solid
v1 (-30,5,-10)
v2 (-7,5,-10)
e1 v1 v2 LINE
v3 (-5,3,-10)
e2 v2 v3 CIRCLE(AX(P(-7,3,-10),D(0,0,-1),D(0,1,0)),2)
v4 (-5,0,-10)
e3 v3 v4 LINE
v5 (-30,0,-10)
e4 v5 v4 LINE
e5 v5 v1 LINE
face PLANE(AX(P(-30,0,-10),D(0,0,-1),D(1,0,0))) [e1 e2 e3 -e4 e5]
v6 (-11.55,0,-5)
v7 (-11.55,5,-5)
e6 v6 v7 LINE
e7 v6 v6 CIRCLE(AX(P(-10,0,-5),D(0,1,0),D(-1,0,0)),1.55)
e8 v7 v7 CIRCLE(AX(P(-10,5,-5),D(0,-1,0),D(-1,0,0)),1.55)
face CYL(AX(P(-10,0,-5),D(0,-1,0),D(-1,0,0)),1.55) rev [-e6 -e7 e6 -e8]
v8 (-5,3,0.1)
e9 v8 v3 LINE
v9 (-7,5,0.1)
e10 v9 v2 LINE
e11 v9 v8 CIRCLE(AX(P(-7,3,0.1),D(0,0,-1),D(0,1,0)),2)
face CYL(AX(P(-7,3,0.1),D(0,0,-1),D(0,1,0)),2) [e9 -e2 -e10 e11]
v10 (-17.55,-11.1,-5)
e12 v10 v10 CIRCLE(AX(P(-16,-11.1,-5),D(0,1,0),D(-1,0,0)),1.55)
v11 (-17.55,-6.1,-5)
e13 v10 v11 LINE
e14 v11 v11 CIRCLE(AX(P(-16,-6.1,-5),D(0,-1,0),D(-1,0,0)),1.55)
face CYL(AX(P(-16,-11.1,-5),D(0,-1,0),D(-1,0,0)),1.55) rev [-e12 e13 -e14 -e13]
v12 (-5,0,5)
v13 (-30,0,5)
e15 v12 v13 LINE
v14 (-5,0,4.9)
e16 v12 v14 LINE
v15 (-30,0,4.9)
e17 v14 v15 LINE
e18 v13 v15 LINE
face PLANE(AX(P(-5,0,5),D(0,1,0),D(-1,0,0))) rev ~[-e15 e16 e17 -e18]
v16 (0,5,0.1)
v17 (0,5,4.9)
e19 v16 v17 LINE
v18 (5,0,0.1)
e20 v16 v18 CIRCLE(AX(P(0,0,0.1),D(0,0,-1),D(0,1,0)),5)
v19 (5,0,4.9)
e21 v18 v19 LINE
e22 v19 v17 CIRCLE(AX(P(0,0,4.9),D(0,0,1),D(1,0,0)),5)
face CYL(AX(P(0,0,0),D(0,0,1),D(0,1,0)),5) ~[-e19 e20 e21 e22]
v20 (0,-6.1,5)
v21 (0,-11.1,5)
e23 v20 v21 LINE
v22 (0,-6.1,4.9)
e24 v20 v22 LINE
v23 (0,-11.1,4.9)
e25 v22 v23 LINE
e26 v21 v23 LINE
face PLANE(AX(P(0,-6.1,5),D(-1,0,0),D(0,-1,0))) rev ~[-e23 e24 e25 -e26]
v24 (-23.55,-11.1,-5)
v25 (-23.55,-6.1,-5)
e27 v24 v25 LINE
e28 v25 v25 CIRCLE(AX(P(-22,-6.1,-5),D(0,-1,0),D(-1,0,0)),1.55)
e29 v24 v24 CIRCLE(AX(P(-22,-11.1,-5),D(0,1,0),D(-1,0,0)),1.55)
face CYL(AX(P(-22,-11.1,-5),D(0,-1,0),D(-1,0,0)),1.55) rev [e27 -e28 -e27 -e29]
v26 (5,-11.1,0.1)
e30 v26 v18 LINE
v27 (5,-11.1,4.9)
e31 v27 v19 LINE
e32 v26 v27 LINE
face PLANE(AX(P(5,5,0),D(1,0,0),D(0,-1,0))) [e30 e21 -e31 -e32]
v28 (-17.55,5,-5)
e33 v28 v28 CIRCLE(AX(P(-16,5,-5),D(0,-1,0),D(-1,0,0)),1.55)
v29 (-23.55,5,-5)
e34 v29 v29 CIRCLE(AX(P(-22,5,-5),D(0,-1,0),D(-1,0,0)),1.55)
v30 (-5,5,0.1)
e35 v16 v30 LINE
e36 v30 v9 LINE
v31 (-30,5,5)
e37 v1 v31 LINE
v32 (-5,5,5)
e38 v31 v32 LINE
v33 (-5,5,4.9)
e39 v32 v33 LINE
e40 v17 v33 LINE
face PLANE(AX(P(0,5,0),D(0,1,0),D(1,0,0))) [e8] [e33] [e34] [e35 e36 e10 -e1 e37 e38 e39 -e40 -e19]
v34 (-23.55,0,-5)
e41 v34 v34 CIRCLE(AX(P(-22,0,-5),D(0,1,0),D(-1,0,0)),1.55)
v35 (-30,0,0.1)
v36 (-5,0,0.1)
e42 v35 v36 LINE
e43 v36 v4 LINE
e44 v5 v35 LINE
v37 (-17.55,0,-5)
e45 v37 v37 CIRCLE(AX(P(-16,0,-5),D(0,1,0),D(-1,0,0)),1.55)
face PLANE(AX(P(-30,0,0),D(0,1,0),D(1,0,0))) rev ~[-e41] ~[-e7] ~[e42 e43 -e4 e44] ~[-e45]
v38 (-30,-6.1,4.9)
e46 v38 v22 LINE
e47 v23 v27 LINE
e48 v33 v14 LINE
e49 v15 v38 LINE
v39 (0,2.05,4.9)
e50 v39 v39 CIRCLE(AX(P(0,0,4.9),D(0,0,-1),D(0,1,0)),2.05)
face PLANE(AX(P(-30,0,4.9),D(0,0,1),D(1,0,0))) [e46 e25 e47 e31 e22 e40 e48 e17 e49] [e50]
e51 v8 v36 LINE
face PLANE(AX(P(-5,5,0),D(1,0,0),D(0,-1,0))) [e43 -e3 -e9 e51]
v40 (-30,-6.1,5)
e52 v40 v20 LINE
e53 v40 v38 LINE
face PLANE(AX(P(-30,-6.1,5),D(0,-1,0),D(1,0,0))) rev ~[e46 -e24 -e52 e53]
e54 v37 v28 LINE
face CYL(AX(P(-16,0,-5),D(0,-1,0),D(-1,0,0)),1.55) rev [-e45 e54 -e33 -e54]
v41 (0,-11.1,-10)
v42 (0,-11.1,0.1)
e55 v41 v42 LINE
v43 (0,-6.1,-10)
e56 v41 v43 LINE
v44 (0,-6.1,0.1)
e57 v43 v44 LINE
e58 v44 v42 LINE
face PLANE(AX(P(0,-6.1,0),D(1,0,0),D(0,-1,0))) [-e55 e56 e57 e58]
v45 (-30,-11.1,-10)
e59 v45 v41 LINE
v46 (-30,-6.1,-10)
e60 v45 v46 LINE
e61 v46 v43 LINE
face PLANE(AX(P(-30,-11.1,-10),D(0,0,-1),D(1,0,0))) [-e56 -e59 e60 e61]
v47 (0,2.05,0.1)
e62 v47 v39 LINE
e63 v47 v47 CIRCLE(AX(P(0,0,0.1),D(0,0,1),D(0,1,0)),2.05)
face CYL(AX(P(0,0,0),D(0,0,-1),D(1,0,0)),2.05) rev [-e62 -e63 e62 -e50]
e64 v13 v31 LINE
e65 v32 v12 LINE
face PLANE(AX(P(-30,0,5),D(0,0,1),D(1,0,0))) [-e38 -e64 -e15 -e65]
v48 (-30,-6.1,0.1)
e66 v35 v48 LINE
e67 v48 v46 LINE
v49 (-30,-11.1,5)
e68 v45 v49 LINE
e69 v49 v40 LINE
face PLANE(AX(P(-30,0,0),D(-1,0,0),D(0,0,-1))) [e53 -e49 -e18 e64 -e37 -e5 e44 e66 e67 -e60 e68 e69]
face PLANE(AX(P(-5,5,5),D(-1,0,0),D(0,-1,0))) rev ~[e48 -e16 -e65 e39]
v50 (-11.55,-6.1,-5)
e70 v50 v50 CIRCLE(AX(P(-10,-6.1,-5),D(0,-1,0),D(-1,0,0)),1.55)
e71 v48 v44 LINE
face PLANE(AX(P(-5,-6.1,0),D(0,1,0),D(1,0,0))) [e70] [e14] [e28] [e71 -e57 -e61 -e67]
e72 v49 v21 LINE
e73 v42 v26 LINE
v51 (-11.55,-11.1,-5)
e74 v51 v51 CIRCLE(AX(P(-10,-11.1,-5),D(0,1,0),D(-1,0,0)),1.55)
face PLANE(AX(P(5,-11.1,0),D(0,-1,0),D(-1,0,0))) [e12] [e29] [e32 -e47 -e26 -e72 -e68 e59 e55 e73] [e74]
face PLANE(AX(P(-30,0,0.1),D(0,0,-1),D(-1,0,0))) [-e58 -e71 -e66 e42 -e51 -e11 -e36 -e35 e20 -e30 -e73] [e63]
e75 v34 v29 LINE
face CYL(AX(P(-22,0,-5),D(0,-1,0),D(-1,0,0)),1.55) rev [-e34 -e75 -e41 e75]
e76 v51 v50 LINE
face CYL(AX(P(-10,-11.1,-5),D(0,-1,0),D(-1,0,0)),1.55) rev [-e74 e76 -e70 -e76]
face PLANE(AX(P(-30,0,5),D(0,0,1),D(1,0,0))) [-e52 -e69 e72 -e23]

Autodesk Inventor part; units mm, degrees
ref_plane "YZ Plane" through (0, 0, 0) normal (1, 0, 0) x (0, 1, 0)
ref_plane "XZ Plane" through (0, 0, 0) normal (0, 1, 0) x (-1, 0, 0)
ref_plane "XY Plane" through (0, 0, 0) normal (0, 0, 1) x (1, 0, 0)
sketch "Sketch2" plane through (0, 0, 0) normal (0, 1, 0) x (-1, 0, 0)
  line L0 (0, 0) -> (30, 0)
  line L1 (30, 0) -> (30, -10)
  line L2 (30, -10) -> (0, -10)
  line L3 (0, -10) -> (0, 0)
  circle A0 centre (10, -5) radius 1.55
  dimension "d0" = 3.1
  dimension "d1" = 10
  dimension "d2" = 5
  dimension "d3" = 30
  dimension "d4" = 10
extrude "Extrusion1" add sketch "Sketch2" along normal blind 5 contours L0 L1 L2 L3 | A0
extrude "Extrusion2" cut sketch "Sketch2" along normal blind 10 contours A0
pattern_linear "Rectangular Pattern1" count 3 spacing 6 along (-1, 0, 0) of "Extrusion2"
pattern_linear "Rectangular Pattern2" count 2 spacing 11.1 along (0, -1, 0) of "Extrusion1", "Extrusion2", "Rectangular Pattern1"
sketch "Sketch3" plane through (-30, 0, 0) normal (0, 0, 1) x (1, 0, 0)
  line L0 (0, 0) -> (0, 5) projected
  line L1 (0, 5) -> (30, 5) projected
  line L2 (30, 5) -> (30, 0) projected
  line L3 (30, 0) -> (0, 0) projected
  line L4 (0, -11.1) -> (0, -6.1) projected
  line L5 (0, -6.1) -> (30, -6.1) projected
  line L6 (30, -6.1) -> (30, -11.1) projected
  line L7 (30, -11.1) -> (0, -11.1) projected
  line L8 (0, 5) -> (30, 5) projected
  line L9 (0, 5) -> (30, 5)
  line L10 (30, 5) -> (30, -11.1)
  line L11 (30, -11.1) -> (0, -11.1)
  line L12 (0, -11.1) -> (0, 5)
  line L13 (0, 0) -> (30, 0) projected
  circle A0 centre (30, 0) radius 2.05
  line L14 (25, 5) -> (35, 5)
  line L15 (35, 5) -> (35, -11.1)
  line L16 (35, -11.1) -> (25, -11.1)
  line L17 (25, -11.1) -> (25, 5)
  line L18 (0, -11.1) -> (30, -11.1) projected
  point P0 (30, 2.05)
  point P1 (30, -2.05)
  dimension "d28" = 4.1
  dimension "d29" = 10
  dimension "d31" = 5
extrude "Extrusion3" add sketch "Sketch3" along normal blind 5 contours L0 L1 L17 L3 | L3 L17 L5 L12 | L17 L1 L2 A0 L3 | L3 A0 L10 L5 L17 | L5 L17 L7 L4 | A0 L2 L3 | L3 L10 A0 | L5 L6 L7 L17
extrude "Extrusion4" add sketch "Sketch3" along normal blind 5 contours L14 L15 L16 L6 L10 A0 L2
extrude "Extrusion5" cut sketch "Sketch3" along normal mid plane 100 contours A0 L2 L3 | L3 L10 A0
sketch "Sketch4" plane through (0, 5, -10) normal (0, 0, -1) x (-1, 0, 0)
  line L0 (0, 0) -> (5, 0)
  line L1 (5, 0) -> (5, -5)
  line L2 (5, -5) -> (0, -5)
  line L3 (0, -5) -> (0, 0)
  line L4 (2.05, -5) -> (30, -5) projected
  point P0 (0, -5)
  dimension "d32" = 5
extrude "Extrusion6" cut sketch "Sketch4" against normal blind 10
fillet "Fillet1" radius 5 1 edges at (5, 5, 2.5)
sketch "Sketch5" plane through (-30, 0, 0) normal (0, 0, -1) x (-1, 0, 0)
  arc A0 (-30, 5) -> (-35, 0) centre (-30, 0) ccw projected
  line L0 (-35, -11.1) -> (-35, 0) projected
  line L1 (-30, -11.1) -> (-35, -11.1) projected
  line L2 (-30, -6.1) -> (-30, -11.1) projected
  line L3 (0, -6.1) -> (-30, -6.1) projected
  line L4 (0, 0) -> (0, -6.1) projected
  line L5 (0, 0) -> (-25, 0) projected
  line L6 (-25, 5) -> (-25, 0) projected
  line L7 (-30, 5) -> (-25, 5) projected
  circle A1 centre (-30, 0) radius 2.05 projected
  line L8 (-25, 0) -> (-25, -6.1)
  line L9 (0, -6.1) -> (-30, -6.1) projected
extrude "Extrusion7" cut sketch "Sketch5" against normal blind 0.1
sketch "Sketch6" plane through (-30, 0, 5) normal (0, 0, 1) x (1, 0, 0)
  line L0 (0, -6.1) -> (30, -6.1) projected
  line L1 (25, 5) -> (25, 0) projected
  line L2 (30, 5) -> (25, 5) projected
  arc A0 (35, 0) -> (30, 5) centre (30, 0) ccw projected
  line L3 (35, -11.1) -> (35, 0) projected
  line L4 (30, -11.1) -> (35, -11.1) projected
  line L5 (30, -6.1) -> (30, -11.1) projected
  circle A1 centre (30, 0) radius 2.05 projected
  line L6 (0, 0) -> (0, -6.1) projected
  line L7 (25, 0) -> (0, 0) projected
extrude "Extrusion8" cut sketch "Sketch6" against normal blind 0.1
fillet "Fillet2" radius 2 1 edges at (-5, 5, -4.95)
properties part number "Bending_hinge"
